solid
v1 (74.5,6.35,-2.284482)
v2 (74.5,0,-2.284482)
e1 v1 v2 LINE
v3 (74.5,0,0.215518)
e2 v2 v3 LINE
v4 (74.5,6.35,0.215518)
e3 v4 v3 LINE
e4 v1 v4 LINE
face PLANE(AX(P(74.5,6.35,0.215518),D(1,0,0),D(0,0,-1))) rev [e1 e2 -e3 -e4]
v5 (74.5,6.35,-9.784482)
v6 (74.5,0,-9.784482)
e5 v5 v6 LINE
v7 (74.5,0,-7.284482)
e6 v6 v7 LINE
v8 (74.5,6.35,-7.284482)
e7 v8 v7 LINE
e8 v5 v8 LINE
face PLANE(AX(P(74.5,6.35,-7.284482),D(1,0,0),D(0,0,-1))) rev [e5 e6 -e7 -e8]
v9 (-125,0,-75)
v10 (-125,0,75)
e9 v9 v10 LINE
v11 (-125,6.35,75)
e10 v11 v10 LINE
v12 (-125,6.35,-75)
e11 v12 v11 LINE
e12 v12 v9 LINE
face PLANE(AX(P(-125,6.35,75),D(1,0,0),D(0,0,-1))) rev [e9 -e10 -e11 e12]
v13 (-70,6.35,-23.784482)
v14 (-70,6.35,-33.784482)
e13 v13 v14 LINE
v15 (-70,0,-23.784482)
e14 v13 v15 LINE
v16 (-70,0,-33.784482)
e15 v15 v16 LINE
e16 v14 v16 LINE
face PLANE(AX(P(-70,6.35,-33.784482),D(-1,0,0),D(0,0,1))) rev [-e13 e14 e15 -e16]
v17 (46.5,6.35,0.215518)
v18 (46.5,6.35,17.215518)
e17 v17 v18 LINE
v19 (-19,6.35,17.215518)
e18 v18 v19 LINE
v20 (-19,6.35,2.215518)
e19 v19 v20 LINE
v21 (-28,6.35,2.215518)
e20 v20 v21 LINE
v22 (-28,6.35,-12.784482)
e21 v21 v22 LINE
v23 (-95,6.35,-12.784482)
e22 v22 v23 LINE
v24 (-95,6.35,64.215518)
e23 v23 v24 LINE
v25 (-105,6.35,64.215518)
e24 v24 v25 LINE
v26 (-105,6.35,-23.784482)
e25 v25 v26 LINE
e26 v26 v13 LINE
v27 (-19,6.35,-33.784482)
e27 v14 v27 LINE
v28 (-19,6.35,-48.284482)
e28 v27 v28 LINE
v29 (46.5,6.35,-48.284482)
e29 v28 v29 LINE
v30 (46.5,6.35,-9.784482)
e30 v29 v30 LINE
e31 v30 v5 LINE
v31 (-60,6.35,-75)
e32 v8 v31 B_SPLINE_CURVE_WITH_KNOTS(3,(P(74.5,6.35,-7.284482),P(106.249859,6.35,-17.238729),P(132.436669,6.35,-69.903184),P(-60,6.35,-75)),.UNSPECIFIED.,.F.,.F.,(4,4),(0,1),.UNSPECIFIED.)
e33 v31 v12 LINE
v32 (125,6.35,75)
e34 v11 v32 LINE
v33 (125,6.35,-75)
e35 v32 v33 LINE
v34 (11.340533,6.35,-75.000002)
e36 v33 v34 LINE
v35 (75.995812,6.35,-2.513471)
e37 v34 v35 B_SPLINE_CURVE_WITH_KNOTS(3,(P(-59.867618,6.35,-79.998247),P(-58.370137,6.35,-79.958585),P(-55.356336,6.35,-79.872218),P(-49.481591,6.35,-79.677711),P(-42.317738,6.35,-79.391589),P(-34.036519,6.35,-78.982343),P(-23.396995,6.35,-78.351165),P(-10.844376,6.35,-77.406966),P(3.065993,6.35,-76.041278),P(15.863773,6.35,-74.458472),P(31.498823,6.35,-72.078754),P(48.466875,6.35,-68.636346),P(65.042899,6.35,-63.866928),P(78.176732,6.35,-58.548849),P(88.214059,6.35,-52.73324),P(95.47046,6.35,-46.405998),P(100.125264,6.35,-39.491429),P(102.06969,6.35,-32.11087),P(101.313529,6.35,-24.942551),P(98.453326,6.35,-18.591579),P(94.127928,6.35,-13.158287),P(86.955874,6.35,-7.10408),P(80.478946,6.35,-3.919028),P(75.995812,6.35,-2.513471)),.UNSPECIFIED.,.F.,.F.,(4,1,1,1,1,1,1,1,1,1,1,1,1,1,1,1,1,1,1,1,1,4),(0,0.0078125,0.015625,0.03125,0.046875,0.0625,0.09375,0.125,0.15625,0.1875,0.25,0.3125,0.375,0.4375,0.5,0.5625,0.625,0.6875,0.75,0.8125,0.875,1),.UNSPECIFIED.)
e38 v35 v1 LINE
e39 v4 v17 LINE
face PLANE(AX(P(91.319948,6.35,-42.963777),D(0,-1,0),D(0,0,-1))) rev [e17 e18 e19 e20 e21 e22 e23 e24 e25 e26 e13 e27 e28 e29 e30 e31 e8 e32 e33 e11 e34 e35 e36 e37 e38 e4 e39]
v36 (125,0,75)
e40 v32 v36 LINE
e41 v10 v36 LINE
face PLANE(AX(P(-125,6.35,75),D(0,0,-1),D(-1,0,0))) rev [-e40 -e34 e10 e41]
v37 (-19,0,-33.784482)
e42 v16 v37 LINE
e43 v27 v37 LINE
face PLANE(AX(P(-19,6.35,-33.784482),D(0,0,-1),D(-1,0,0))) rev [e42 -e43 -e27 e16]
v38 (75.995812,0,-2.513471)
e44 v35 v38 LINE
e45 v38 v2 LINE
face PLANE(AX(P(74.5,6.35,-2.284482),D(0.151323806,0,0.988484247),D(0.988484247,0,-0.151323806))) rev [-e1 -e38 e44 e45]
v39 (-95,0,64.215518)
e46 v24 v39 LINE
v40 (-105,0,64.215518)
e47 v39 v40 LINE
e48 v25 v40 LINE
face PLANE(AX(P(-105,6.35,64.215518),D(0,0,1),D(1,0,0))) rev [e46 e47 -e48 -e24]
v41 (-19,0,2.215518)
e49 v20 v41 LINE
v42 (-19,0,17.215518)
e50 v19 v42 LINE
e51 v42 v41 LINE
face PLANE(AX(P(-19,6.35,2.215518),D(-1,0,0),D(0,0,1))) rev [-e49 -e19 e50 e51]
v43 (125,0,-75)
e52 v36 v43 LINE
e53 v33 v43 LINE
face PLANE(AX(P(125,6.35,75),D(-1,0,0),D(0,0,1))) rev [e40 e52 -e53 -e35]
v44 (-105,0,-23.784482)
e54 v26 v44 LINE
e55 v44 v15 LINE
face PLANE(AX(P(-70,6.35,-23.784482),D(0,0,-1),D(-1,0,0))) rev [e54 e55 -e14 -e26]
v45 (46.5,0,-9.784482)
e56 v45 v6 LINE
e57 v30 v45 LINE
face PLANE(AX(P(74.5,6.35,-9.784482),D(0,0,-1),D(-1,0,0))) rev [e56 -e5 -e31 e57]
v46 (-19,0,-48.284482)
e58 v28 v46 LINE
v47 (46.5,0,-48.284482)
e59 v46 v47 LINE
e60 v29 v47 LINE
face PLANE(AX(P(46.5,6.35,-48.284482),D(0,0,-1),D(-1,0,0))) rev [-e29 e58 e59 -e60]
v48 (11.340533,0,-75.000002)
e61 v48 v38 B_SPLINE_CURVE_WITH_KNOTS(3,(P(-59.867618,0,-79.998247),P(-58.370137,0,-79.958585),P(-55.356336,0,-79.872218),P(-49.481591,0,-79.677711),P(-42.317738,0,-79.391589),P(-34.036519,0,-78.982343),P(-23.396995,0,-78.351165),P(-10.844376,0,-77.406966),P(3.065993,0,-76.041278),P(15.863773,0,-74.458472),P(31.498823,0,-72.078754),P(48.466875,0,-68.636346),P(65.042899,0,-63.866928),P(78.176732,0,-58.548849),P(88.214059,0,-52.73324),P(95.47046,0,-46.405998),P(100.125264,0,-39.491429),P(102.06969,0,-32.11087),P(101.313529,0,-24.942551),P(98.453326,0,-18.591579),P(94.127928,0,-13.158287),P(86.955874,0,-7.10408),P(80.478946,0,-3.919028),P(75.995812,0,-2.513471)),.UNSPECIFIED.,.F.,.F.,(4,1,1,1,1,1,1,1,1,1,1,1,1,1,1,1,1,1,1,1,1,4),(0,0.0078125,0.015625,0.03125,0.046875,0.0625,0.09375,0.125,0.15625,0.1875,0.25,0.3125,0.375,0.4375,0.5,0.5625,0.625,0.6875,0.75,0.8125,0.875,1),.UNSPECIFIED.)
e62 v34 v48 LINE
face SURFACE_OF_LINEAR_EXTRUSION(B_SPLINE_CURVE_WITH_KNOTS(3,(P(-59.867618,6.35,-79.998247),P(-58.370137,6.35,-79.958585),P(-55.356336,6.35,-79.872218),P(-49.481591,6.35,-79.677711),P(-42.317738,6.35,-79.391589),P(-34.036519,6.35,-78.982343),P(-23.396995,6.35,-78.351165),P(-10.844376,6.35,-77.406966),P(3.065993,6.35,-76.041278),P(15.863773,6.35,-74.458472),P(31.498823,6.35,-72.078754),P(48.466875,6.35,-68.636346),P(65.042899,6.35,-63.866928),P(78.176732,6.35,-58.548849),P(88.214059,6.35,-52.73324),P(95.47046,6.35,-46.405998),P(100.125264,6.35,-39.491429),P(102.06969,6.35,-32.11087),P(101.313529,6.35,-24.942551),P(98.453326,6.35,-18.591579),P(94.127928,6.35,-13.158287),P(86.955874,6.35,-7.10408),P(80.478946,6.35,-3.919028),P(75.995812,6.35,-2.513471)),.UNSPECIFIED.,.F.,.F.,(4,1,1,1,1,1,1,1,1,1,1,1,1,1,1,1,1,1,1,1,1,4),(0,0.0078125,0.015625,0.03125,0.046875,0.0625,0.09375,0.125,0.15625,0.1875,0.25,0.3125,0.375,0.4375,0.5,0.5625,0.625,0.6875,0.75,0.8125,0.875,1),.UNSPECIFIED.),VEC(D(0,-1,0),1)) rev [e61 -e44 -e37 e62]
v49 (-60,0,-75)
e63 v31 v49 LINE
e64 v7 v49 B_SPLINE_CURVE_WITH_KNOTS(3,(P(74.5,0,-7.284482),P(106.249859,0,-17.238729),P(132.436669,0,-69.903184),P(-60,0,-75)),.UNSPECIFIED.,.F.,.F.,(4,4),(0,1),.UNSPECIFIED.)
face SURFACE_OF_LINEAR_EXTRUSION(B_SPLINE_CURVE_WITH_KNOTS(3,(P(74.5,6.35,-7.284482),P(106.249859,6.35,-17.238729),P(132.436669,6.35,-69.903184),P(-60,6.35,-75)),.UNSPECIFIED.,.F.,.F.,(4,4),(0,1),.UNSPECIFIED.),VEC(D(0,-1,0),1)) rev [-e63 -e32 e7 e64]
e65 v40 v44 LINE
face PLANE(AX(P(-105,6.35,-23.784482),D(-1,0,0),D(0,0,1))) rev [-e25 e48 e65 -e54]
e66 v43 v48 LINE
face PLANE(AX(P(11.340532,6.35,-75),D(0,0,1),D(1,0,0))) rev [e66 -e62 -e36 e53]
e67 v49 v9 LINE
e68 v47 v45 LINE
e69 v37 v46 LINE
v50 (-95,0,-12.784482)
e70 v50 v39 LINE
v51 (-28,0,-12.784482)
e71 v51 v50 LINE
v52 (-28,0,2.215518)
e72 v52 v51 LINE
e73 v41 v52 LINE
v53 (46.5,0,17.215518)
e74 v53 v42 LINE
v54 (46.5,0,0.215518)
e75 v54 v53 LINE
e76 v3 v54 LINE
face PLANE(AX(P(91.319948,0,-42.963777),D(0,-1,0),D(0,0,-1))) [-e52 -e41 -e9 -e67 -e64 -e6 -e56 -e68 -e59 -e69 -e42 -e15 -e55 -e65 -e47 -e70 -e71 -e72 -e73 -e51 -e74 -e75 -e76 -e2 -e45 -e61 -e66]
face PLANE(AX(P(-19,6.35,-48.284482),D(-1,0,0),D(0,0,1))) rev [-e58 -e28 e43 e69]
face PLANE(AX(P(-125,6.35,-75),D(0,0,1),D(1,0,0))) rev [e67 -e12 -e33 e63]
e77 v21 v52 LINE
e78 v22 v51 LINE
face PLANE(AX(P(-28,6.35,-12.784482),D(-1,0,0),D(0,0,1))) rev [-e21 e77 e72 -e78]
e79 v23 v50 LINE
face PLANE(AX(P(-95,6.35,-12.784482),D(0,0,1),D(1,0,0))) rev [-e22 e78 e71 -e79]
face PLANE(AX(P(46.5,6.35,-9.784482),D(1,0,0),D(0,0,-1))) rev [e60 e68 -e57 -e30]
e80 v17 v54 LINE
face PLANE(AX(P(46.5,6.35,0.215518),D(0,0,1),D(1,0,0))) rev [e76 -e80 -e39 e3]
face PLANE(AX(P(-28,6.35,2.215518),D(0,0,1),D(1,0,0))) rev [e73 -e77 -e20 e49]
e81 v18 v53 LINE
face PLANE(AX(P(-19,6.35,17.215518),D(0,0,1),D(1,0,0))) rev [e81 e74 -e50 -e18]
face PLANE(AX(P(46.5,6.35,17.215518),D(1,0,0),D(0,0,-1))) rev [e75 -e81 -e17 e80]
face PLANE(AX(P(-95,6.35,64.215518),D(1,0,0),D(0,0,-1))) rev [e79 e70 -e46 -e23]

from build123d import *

# Parameters (mm, degrees)
BOSS_EXTRUDE1_DEPTH = 6.35


with BuildPart() as part:
    # Sketch1 → Boss-Extrude1 (new body)
    with BuildSketch(Plane(origin=(0, 0, 0), x_dir=(1, 0, 0), z_dir=(0, 1, 0))):
        with BuildLine():
            Line((-105, -64.215517859), (-95, -64.215517859))
            Line((-95, -64.215517859), (-95, 12.784482141))
            Line((-95, 12.784482141), (-28, 12.784482141))
            Line((-28, 12.784482141), (-28, -2.215517859))
            Line((-28, -2.215517859), (-19, -2.215517859))
            Line((-19, -2.215517859), (-19, -17.215517859))
            Line((-19, -17.215517859), (46.5, -17.215517859))
            Line((46.5, -17.215517859), (46.5, -0.215517859))
            Line((46.5, -0.215517859), (74.5, -0.215517859))
            Line((74.5, -0.215517859), (74.5, 2.284482141))
            Line((74.5, 2.284482141), (75.995811983, 2.513471084))
            add(Edge.make_bspline(
                [(75.995811983, 2.513471084), (80.478945809, 3.91902752), (86.955874182, 7.104080495), (94.127927524, 13.158287334), (98.453325684, 18.591579482), (101.313529062, 24.942550659), (102.069690209, 32.110869763), (100.125264278, 39.491428955), (95.470460142, 46.405997638), (88.214059069, 52.733240312), (78.176732194, 58.54884887), (65.04289901, 63.866927528), (48.466875468, 68.636346268), (31.498822927, 72.078754421), (18.408481383, 74.071157306), (12.810694193, 74.812442252), (11.34053229, 75)],
                knots=[0, 0, 0, 0, 0.125, 0.1875, 0.25, 0.3125, 0.375, 0.4375, 0.5, 0.5625, 0.625, 0.6875, 0.75, 0.8125, 0.84375, 0.854655416, 0.854655416, 0.854655416, 0.854655416], degree=3))
            Line((11.34053229, 75), (125, 75))
            Line((125, 75), (125, -75))
            Line((125, -75), (-125, -75))
            Line((-125, -75), (-125, 75))
            Line((-125, 75), (-60, 75))
            add(Edge.make_bspline(
                [(74.5, 7.284482141), (106.249859102, 17.238728555), (132.436668925, 69.90318377), (-60, 75)],
                knots=[0, 0, 0, 0, 1, 1, 1, 1], degree=3))
            Line((74.5, 7.284482141), (74.5, 9.784482141))
            Line((74.5, 9.784482141), (46.5, 9.784482141))
            Line((46.5, 9.784482141), (46.5, 48.284482141))
            Line((46.5, 48.284482141), (-19, 48.284482141))
            Line((-19, 48.284482141), (-19, 33.784482141))
            Line((-19, 33.784482141), (-70, 33.784482141))
            Line((-70, 33.784482141), (-70, 23.784482141))
            Line((-70, 23.784482141), (-105, 23.784482141))
            Line((-105, 23.784482141), (-105, -64.215517859))
        make_face()
    extrude(amount=BOSS_EXTRUDE1_DEPTH)


solid = part.part
